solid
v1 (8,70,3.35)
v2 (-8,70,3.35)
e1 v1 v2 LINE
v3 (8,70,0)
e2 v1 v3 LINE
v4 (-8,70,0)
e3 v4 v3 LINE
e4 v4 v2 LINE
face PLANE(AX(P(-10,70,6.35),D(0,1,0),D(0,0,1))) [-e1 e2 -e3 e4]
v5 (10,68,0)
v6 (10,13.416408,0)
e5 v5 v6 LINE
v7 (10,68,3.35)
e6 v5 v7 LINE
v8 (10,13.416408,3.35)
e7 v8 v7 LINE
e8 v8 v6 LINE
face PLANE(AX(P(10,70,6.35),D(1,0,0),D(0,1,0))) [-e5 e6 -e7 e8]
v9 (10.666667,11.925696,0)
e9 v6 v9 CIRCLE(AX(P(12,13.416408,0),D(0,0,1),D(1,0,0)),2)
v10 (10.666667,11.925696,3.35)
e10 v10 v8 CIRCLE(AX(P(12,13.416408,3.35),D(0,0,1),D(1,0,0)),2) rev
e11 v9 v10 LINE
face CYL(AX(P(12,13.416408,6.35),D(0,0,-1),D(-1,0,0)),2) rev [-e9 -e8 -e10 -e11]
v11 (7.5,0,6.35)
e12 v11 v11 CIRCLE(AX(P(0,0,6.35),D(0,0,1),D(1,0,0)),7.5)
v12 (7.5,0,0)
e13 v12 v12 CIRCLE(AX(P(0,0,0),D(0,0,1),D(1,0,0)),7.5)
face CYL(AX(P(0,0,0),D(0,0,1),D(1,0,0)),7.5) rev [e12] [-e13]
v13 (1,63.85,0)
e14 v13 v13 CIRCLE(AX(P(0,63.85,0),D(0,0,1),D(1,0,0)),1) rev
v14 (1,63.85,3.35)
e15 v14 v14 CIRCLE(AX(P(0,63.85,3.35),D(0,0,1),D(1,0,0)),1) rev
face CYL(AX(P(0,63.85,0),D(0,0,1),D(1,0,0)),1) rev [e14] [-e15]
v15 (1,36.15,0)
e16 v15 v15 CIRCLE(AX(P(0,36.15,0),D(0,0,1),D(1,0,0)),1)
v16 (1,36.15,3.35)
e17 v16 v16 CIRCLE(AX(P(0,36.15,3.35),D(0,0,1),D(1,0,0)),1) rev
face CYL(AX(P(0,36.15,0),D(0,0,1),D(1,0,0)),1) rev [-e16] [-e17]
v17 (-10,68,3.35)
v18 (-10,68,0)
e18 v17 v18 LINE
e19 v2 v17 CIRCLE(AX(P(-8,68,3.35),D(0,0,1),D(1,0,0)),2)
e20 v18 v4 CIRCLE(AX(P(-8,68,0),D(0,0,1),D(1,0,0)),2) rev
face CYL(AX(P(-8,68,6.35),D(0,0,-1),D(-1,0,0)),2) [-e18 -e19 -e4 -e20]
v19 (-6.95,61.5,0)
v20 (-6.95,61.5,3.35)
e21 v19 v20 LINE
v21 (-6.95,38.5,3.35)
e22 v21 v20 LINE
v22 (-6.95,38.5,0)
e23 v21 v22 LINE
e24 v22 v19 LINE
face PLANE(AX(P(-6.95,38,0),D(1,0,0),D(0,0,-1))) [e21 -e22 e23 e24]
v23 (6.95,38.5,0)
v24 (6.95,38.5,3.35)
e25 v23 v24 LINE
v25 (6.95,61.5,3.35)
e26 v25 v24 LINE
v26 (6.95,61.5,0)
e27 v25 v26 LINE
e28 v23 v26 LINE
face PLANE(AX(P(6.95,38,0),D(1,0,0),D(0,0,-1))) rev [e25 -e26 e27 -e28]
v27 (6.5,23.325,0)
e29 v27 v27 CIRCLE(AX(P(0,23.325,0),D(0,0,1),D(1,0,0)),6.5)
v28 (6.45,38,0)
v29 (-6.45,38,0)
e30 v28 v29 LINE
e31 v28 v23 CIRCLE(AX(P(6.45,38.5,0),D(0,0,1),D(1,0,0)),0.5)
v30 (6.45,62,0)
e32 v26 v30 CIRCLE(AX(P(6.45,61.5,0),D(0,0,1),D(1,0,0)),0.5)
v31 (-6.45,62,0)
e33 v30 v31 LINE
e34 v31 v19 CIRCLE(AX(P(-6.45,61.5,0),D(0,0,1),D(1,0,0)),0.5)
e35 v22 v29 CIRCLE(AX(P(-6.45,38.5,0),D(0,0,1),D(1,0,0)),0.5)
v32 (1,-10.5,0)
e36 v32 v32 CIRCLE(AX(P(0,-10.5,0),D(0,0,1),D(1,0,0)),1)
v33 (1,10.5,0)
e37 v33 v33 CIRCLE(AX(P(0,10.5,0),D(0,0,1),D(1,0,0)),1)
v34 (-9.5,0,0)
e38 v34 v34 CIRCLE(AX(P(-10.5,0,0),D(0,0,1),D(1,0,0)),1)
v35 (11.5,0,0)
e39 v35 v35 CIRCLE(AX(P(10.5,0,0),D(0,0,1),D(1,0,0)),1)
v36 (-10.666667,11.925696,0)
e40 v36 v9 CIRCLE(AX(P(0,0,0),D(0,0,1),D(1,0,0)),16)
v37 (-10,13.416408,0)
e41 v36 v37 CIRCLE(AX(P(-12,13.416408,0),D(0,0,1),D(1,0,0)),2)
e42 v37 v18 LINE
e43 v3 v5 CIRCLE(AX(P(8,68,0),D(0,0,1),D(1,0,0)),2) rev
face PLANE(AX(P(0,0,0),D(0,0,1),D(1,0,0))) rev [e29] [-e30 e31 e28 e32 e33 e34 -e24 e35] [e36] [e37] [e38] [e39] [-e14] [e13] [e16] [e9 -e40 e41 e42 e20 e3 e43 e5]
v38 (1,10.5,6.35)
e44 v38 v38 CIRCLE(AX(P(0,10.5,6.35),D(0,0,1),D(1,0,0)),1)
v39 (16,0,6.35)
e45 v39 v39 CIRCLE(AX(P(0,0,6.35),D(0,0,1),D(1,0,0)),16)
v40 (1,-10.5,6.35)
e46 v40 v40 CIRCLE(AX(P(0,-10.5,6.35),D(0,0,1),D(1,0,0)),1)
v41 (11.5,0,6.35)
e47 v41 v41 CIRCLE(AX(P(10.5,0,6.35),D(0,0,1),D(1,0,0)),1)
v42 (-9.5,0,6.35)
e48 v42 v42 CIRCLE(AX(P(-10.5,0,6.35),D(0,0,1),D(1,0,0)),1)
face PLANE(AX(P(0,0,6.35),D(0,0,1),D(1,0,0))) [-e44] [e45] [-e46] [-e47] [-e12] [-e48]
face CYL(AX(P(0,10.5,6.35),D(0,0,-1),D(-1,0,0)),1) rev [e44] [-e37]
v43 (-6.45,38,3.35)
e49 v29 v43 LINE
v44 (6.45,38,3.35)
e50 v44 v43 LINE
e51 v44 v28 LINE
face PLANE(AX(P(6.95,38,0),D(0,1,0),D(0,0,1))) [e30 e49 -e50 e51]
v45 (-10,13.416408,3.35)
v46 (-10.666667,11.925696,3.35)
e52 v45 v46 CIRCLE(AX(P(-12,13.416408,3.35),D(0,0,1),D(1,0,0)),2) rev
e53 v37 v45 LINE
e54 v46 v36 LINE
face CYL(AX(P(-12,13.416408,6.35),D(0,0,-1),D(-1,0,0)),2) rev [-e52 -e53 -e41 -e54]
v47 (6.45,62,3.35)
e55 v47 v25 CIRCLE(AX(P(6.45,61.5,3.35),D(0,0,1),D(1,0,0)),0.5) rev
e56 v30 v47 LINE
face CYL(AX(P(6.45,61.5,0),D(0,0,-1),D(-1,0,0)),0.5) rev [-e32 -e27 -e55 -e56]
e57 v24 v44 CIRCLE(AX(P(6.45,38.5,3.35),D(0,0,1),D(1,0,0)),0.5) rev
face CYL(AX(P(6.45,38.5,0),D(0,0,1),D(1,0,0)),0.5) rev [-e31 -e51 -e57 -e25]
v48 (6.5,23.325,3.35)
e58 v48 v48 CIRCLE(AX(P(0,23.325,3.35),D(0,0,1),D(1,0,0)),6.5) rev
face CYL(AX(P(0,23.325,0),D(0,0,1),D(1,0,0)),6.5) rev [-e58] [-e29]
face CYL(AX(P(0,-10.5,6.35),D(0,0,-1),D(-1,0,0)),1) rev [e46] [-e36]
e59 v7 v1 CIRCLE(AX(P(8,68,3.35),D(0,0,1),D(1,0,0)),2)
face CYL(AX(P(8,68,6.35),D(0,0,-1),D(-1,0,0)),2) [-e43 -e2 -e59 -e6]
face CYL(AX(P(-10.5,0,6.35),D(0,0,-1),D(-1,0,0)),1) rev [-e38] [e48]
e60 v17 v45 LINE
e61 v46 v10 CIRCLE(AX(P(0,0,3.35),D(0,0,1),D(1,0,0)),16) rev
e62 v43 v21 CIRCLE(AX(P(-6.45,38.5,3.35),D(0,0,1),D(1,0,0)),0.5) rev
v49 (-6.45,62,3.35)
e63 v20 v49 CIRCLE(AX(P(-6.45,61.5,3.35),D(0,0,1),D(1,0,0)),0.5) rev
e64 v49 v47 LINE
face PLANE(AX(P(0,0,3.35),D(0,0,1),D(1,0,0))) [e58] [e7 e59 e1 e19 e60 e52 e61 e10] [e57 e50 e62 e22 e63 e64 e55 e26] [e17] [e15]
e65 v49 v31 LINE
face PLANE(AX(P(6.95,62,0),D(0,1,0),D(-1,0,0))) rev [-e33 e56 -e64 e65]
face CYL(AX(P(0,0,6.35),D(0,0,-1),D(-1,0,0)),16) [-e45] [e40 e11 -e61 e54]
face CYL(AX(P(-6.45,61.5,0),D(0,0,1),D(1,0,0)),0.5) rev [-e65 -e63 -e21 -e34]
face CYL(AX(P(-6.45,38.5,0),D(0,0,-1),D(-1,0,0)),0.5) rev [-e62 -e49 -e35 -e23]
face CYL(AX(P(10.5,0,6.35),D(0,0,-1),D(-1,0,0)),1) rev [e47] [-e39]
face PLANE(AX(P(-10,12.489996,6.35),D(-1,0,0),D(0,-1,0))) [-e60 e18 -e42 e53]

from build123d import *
from build123d.topology import SkipClean

# Parameters (mm, degrees)
SKETCH1_R           = 1
BOSS_EXTRUDE1_DEPTH = 6.35
SKETCH2_R           = 1
SKETCH2_W           = 13.9
SKETCH2_H           = 24
CUT_EXTRUDE1_DEPTH  = 73.085522125
FILLET1_R           = 0.5
FILLET2_R           = 2
SKETCH3_R           = 6.5
CUT_EXTRUDE2_DEPTH  = 6.35
SKETCH4_R           = 7.5
CUT_EXTRUDE3_DEPTH  = 73.085522125
SKETCH5_R           = 6.5
SKETCH5_R_2         = 1
CUT_EXTRUDE4_DEPTH  = 3


with BuildPart() as part:
    # Sketch1 → Boss-Extrude1 (new body)
    with BuildSketch(Plane.XY):
        with BuildLine():
            Line((-10, 12.489995997), (-10, 70))
            Line((-10, 70), (10, 70))
            Line((10, 70), (10, 12.489995997))
            ThreePointArc((10, 12.489995997), (0, -16), (-10, 12.489995997))
        make_face()
        with Locations((-10.5, 0)):
            Circle(SKETCH1_R, mode=Mode.SUBTRACT)
        with Locations((0, 10.5)):
            Circle(SKETCH1_R, mode=Mode.SUBTRACT)
        with Locations((10.5, 0)):
            Circle(SKETCH1_R, mode=Mode.SUBTRACT)
        with Locations((0, -10.5)):
            Circle(SKETCH1_R, mode=Mode.SUBTRACT)
    extrude(amount=BOSS_EXTRUDE1_DEPTH)

    # Sketch2 → Cut-Extrude1 (cut, through all)
    with BuildSketch(Plane.XY.offset(6.35)):
        with Locations((0, 63.85)):
            Circle(SKETCH2_R)
        with Locations((0, 36.15)):
            Circle(SKETCH2_R)
        with Locations((0, 50)):
            Rectangle(SKETCH2_W, SKETCH2_H)
    extrude(amount=-CUT_EXTRUDE1_DEPTH, mode=Mode.SUBTRACT)

    # Fillet1
    fillet1_edges = [part.edges().sort_by_distance(p)[0] for p in [
        (6.95, 38, 3.175),
        (-6.95, 38, 3.175),
        (-6.95, 62, 3.175),
        (6.95, 62, 3.175),
    ]]
    fillet(fillet1_edges, radius=FILLET1_R)

    # Fillet2
    fillet2_edges = [part.edges().sort_by_distance(p)[0] for p in [
        (-10, 12.489995997, 3.175),
        (-10, 70, 3.175),
        (10, 70, 3.175),
        (10, 12.489995997, 3.175),
    ]]
    fillet(fillet2_edges, radius=FILLET2_R)

    # Sketch3 → Cut-Extrude2 (cut)
    with BuildSketch(Plane.XY.offset(6.35)):
        with Locations((0, 23.325)):
            Circle(SKETCH3_R)
    extrude(amount=-CUT_EXTRUDE2_DEPTH, mode=Mode.SUBTRACT)

    # Sketch4 → Cut-Extrude3 (cut, through all)
    with BuildSketch(Plane.XY.offset(6.35)):
        Circle(SKETCH4_R)
    extrude(amount=-CUT_EXTRUDE3_DEPTH, mode=Mode.SUBTRACT)

    # Sketch5 → Cut-Extrude4 (cut)
    with SkipClean():  # the faces are left unmerged after this step: merging them gives an invalid solid
        with BuildSketch(Plane.XY.offset(6.35)):
            with BuildLine():
                ThreePointArc((-10.666666667, 11.92569588), (0, 16), (10.666666667, 11.92569588))
                ThreePointArc((10.666666667, 11.92569588), (10.174258142, 12.599911284), (10, 13.416407865))
                Line((10, 13.416407865), (10, 68))
                ThreePointArc((10, 68), (9.414213562, 69.414213562), (8, 70))
                Line((8, 70), (-8, 70))
                ThreePointArc((-8, 70), (-9.414213562, 69.414213562), (-10, 68))
                Line((-10, 68), (-10, 13.416407865))
                ThreePointArc((-10, 13.416407865), (-10.174258142, 12.599911284), (-10.666666667, 11.92569588))
            make_face()
            with Locations((0, 23.325)):
                Circle(SKETCH5_R, mode=Mode.SUBTRACT)
            with Locations((0, 63.85)):
                Circle(SKETCH5_R_2, mode=Mode.SUBTRACT)
            with Locations((0, 36.15)):
                Circle(SKETCH5_R_2, mode=Mode.SUBTRACT)
            with BuildLine():
                ThreePointArc((6.45, 62), (6.803553391, 61.853553391), (6.95, 61.5))
                Line((6.95, 61.5), (6.95, 38.5))
                ThreePointArc((6.95, 38.5), (6.803553391, 38.146446609), (6.45, 38))
                Line((6.45, 38), (-6.45, 38))
                ThreePointArc((-6.45, 38), (-6.803553391, 38.146446609), (-6.95, 38.5))
                Line((-6.95, 38.5), (-6.95, 61.5))
                ThreePointArc((-6.95, 61.5), (-6.803553391, 61.853553391), (-6.45, 62))
                Line((-6.45, 62), (6.45, 62))
            make_face(mode=Mode.SUBTRACT)
        extrude(amount=-CUT_EXTRUDE4_DEPTH, mode=Mode.SUBTRACT)


solid = part.part
